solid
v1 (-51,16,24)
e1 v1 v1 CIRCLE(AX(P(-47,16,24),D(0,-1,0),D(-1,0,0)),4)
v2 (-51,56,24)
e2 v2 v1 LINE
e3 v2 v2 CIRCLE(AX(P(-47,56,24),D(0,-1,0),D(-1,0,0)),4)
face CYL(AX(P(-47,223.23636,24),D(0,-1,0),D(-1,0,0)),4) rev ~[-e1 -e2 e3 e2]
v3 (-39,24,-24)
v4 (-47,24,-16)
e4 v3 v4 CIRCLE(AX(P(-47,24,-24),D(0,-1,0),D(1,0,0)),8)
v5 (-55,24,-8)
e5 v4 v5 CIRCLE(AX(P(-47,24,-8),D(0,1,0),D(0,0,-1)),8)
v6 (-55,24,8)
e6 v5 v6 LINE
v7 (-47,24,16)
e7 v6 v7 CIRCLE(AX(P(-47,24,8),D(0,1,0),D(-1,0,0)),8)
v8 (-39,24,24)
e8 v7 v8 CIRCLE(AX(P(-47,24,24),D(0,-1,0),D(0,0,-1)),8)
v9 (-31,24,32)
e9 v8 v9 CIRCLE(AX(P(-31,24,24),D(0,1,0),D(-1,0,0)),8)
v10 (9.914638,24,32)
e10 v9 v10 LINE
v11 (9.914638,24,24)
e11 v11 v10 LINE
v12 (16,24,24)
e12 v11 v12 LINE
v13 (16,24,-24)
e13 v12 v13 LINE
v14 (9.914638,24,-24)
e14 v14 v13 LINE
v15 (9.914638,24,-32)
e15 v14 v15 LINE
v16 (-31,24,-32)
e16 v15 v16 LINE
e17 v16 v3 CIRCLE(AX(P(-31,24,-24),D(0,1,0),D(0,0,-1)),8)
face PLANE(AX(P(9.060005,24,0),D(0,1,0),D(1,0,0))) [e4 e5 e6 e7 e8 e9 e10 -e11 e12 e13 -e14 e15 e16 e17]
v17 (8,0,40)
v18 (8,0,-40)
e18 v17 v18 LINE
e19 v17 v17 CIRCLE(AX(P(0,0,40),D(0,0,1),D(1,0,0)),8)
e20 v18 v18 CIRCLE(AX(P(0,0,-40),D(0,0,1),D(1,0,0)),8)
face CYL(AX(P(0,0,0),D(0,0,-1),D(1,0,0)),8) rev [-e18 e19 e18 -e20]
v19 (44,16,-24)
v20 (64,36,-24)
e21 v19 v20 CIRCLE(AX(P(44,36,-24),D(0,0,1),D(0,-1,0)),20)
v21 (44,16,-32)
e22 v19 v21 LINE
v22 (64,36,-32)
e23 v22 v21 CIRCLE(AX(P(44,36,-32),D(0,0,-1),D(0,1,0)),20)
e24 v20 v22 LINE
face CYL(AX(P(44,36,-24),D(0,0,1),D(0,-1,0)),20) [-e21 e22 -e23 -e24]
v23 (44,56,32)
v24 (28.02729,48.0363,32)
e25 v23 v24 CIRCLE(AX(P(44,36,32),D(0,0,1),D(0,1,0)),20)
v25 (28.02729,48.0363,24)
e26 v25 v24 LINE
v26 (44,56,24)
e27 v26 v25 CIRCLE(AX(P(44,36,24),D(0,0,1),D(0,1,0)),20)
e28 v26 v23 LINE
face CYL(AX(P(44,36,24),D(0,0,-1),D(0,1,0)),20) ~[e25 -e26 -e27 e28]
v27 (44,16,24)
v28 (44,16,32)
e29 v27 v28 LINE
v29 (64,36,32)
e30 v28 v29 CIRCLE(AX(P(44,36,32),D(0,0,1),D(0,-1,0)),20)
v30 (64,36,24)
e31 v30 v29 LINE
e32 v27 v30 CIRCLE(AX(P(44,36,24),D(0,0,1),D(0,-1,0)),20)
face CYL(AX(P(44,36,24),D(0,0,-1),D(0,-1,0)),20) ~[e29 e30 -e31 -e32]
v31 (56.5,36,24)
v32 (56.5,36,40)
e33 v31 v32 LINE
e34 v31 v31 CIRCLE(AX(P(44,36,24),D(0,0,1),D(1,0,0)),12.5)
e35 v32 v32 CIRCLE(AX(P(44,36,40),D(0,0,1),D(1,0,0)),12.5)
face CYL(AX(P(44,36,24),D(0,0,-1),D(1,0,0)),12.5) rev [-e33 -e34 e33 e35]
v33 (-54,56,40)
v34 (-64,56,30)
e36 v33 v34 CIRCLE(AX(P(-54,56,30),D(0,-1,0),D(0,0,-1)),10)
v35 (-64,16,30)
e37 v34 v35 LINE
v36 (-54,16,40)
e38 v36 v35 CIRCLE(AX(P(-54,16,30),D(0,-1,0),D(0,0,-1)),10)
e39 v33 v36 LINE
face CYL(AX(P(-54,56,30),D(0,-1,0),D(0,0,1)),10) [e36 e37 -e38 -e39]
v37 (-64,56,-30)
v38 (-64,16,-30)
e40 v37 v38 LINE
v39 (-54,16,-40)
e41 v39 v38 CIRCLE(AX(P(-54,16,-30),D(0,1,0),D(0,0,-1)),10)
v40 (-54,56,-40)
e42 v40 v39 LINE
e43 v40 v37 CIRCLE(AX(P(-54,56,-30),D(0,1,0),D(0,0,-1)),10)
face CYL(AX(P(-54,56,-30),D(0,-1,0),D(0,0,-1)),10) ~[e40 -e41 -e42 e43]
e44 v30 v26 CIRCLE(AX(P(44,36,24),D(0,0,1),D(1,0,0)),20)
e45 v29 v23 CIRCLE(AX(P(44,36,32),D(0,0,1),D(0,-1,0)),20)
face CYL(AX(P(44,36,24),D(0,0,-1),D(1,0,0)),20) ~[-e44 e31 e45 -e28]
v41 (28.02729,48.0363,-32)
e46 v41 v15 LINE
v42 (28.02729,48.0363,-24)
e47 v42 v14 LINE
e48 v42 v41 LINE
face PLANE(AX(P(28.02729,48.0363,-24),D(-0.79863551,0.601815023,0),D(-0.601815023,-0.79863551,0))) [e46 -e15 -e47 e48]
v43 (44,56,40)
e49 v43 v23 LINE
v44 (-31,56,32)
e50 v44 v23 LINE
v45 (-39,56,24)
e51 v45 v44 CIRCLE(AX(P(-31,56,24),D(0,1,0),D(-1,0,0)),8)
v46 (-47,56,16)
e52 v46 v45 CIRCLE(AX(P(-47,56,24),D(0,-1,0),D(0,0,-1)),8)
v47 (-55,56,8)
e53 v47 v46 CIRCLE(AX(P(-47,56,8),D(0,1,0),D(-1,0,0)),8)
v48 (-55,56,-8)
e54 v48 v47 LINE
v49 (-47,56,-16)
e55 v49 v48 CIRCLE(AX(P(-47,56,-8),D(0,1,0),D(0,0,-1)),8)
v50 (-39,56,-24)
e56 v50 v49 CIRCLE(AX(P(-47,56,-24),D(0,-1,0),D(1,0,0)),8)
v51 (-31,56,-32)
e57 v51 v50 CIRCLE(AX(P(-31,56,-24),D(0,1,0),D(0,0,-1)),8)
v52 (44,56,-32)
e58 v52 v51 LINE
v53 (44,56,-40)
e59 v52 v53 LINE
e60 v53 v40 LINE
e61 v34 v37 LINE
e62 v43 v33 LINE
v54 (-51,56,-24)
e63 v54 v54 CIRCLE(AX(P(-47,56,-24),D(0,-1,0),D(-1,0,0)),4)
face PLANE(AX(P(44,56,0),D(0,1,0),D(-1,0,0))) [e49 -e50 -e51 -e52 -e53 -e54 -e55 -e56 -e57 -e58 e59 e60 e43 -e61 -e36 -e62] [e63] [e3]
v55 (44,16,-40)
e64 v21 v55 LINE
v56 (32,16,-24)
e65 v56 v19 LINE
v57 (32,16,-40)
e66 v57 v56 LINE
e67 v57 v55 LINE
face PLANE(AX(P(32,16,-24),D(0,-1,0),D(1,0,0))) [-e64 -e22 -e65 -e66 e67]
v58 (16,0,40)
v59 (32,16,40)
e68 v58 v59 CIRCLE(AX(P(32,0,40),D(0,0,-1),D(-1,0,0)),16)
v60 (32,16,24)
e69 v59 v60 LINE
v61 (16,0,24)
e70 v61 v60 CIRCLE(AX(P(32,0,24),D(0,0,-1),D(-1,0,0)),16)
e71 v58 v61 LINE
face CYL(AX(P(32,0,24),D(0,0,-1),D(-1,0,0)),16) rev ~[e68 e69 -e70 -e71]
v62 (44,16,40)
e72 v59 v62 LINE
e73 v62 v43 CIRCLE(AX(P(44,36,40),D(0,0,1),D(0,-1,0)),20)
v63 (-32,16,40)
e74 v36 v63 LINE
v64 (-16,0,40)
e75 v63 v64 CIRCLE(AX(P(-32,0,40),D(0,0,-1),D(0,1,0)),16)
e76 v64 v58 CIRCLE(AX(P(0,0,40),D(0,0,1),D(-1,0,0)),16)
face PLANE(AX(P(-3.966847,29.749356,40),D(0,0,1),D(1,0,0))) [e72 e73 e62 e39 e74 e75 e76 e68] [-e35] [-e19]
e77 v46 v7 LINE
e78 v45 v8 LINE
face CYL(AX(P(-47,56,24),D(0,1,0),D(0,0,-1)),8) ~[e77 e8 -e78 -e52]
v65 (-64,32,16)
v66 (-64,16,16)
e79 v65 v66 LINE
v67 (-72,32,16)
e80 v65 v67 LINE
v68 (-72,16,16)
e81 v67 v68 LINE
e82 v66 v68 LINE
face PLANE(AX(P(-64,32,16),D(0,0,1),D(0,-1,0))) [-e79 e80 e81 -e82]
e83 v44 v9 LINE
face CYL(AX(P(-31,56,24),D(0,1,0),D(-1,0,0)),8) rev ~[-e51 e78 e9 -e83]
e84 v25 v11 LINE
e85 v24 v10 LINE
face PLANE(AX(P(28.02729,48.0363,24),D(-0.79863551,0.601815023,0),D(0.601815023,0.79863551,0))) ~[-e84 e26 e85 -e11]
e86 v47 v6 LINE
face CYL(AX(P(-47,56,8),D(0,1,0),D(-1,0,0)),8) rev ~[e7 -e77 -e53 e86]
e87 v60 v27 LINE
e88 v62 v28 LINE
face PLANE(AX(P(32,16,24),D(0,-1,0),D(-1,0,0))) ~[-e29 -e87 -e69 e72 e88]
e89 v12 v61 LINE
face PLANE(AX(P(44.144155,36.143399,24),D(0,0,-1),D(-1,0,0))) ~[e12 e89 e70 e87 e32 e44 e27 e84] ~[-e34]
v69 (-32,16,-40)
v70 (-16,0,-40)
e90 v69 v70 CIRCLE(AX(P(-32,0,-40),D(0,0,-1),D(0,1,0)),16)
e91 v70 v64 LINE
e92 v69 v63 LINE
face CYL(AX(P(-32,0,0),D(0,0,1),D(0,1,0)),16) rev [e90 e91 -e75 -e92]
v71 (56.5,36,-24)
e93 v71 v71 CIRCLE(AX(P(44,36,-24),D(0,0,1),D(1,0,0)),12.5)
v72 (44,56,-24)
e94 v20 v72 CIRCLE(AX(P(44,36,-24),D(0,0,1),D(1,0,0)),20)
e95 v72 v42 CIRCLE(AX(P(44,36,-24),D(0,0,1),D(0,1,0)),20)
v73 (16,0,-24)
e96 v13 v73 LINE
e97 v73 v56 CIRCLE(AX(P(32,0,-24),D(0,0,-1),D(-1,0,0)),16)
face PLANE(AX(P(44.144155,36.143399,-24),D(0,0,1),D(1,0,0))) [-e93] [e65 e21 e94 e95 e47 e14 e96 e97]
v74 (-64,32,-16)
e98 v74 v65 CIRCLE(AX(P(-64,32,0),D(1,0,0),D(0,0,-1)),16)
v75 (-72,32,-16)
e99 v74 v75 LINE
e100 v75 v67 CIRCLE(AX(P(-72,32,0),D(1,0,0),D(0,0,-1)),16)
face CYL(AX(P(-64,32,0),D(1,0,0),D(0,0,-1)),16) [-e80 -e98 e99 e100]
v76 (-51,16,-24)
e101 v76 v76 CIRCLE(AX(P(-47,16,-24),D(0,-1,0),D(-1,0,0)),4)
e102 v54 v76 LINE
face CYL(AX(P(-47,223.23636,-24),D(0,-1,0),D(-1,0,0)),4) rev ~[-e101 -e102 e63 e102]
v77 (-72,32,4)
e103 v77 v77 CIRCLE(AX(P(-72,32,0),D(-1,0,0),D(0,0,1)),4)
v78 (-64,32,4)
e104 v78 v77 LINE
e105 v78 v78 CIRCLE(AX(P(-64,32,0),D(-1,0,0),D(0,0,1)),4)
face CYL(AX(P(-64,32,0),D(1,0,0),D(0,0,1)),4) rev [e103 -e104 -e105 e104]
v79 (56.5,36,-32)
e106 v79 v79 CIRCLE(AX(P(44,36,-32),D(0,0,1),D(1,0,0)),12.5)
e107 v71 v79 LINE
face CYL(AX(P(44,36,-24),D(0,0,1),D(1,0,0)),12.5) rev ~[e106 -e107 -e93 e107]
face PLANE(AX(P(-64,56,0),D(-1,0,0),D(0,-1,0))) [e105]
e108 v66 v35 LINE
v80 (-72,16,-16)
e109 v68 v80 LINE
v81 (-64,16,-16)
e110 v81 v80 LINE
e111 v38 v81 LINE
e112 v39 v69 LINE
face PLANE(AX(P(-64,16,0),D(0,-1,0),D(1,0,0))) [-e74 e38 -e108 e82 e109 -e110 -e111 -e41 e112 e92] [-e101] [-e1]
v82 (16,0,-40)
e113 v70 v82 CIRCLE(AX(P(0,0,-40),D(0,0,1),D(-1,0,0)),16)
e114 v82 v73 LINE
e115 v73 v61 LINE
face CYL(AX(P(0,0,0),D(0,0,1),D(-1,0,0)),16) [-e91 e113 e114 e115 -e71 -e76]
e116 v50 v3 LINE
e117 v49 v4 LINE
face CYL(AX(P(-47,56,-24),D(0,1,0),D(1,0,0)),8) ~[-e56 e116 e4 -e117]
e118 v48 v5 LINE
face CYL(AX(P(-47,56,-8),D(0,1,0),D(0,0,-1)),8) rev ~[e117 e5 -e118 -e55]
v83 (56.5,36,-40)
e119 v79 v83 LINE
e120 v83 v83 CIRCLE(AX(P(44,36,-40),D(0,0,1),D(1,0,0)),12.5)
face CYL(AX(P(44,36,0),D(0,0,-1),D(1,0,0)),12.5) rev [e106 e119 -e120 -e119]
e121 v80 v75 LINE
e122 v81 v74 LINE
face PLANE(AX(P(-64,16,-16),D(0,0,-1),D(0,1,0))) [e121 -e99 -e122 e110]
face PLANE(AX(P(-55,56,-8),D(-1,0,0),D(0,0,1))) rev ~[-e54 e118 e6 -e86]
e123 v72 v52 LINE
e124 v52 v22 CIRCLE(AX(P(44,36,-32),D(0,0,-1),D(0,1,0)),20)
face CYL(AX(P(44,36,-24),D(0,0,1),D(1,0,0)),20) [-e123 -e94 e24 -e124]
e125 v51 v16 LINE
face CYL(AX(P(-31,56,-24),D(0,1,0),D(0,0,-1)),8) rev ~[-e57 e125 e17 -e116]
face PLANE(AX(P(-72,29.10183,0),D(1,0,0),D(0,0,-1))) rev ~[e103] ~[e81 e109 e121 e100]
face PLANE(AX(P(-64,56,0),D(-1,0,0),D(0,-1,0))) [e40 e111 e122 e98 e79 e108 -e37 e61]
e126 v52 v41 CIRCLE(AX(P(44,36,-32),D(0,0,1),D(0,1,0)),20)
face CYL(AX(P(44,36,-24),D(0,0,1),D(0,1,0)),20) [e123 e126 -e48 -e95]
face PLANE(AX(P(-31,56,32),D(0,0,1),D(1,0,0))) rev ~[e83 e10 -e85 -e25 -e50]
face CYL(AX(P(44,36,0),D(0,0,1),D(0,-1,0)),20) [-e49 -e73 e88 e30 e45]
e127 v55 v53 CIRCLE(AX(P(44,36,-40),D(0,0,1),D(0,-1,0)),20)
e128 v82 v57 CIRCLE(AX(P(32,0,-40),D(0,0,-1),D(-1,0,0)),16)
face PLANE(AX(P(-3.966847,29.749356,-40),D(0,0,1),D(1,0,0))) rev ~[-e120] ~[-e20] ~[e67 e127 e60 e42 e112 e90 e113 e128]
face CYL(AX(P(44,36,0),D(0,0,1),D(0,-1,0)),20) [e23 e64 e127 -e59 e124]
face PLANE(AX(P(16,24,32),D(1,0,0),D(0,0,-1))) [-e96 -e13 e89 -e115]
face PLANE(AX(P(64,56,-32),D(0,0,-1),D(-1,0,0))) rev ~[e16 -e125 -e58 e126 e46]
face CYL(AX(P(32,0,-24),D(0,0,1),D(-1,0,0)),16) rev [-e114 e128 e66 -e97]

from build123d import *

# Parameters (mm, degrees)
SKETCH1_R             = 8
SKETCH1_R_2           = 12.5
BOSS_EXTRUDE1_DEPTH   = 40
CUT_EXTRUDE1_DEPTH    = 32
SKETCH3_W             = 44
SKETCH3_H             = 64
CUT_EXTRUDE2_DEPTH    = 32
BOSS_EXTRUDE2_START   = 8
SKETCH4_R             = 12.5
BOSS_EXTRUDE2_DEPTH   = 8
F_8_0MM_DOWEL_HOLE1_D = 8
FILLET1_R             = 10
SKETCH6_R             = 4
BOSS_EXTRUDE3_DEPTH   = 8


with BuildPart() as part:
    # Sketch1 → Boss-Extrude1 (new, symmetric)
    with BuildSketch(Plane.XY):
        with BuildLine():
            Line((-64, 56), (-64, 16))
            Line((-64, 16), (-32, 16))
            ThreePointArc((-32, 16), (-20.686291501, 11.313708499), (-16, 0))
            ThreePointArc((-16, 0), (0, -16), (16, 0))
            ThreePointArc((16, 0), (20.686291501, 11.313708499), (32, 16))
            Line((32, 16), (44, 16))
            ThreePointArc((44, 16), (64, 36), (44, 56))
            Line((44, 56), (-64, 56))
        make_face()
        Circle(SKETCH1_R, mode=Mode.SUBTRACT)
        with Locations((44, 36)):
            Circle(SKETCH1_R_2, mode=Mode.SUBTRACT)
    extrude(amount=BOSS_EXTRUDE1_DEPTH, both=True)

    # Sketch2 → Cut-Extrude1 (cut)
    with BuildSketch(Plane(origin=(0, 56, 0), x_dir=(1, 0, 0), z_dir=(0, 1, 0))):
        with BuildLine():
            Line((64, 32), (-31, 32))
            ThreePointArc((-31, 32), (-36.656854249, 29.656854249), (-39, 24))
            ThreePointArc((-39, 24), (-41.343145751, 18.343145751), (-47, 16))
            ThreePointArc((-47, 16), (-52.656854249, 13.656854249), (-55, 8))
            Line((-55, 8), (-55, -8))
            ThreePointArc((-55, -8), (-52.656854249, -13.656854249), (-47, -16))
            ThreePointArc((-47, -16), (-41.343145751, -18.343145751), (-39, -24))
            ThreePointArc((-39, -24), (-36.656854249, -29.656854249), (-31, -32))
            Line((-31, -32), (64, -32))
            Line((64, -32), (64, 32))
        make_face()
    extrude(amount=-CUT_EXTRUDE1_DEPTH, mode=Mode.SUBTRACT)

    # Sketch3 → Cut-Extrude2 (cut)
    with BuildSketch(Plane(origin=(0, 24, 0), x_dir=(1, 0, 0), z_dir=(0, 1, 0))):
        with Locations((38, 0)):
            Rectangle(SKETCH3_W, SKETCH3_H)
    extrude(amount=-CUT_EXTRUDE2_DEPTH, mode=Mode.SUBTRACT)

    # Sketch4 → Boss-Extrude2 (add)
    # profile 1 of 2: a face of its own
    with BuildSketch(Plane.XY.offset(-32).offset(BOSS_EXTRUDE2_START)):
        with BuildLine():
            ThreePointArc((44, 56), (35.076043738, 53.898687232), (28.027289799, 48.036300463))
            ThreePointArc((28.027289799, 48.036300463), (26.101312768, 27.076043738), (44, 16))
            ThreePointArc((44, 16), (58.142135624, 21.857864376), (64, 36))
            ThreePointArc((64, 36), (58.142135624, 50.142135624), (44, 56))
        make_face()
        with Locations((44, 36)):
            Circle(SKETCH4_R, mode=Mode.SUBTRACT)
    # profile 2 of 2: a face of its own
    with BuildSketch(Plane.XY.offset(-32).offset(BOSS_EXTRUDE2_START)):
        with BuildLine():
            ThreePointArc((44, 16), (26.101312768, 27.076043738), (28.027289799, 48.036300463))
            Line((28.027289799, 48.036300463), (9.914638236, 24))
            Line((9.914638236, 24), (16, 24))
            Line((16, 24), (16, 0))
            ThreePointArc((16, 0), (20.686291501, 11.313708499), (32, 16))
            Line((32, 16), (44, 16))
        make_face()
    boss_extrude2 = extrude(amount=-BOSS_EXTRUDE2_DEPTH)

    # Mirror1: Boss-Extrude2 across plane
    add(boss_extrude2.mirror(Plane.XY))

    # Ø8.0mm Dowel Hole1 (through all)
    with Locations(Plane(origin=(-47, 56, -24), x_dir=(1, 0, 0), z_dir=(0, 1, 0))):
        with Locations((0, 0), (0, -48)):
            Hole(F_8_0MM_DOWEL_HOLE1_D / 2)

    # Fillet1
    fillet1_edges = [part.edges().sort_by_distance(p)[0] for p in [
        (-64, 36, -40),
        (-64, 36, 40),
    ]]
    fillet(fillet1_edges, radius=FILLET1_R)

    # Sketch6 → Boss-Extrude3 (add)
    with BuildSketch(Plane.ZY.offset(64)):
        with BuildLine():
            Line((-16, 16), (-16, 32))
            ThreePointArc((-16, 32), (0, 48), (16, 32))
            Line((16, 32), (16, 16))
            Line((16, 16), (-16, 16))
        make_face()
        with Locations((0, 32)):
            Circle(SKETCH6_R, mode=Mode.SUBTRACT)
    extrude(amount=BOSS_EXTRUDE3_DEPTH)


solid = part.part
